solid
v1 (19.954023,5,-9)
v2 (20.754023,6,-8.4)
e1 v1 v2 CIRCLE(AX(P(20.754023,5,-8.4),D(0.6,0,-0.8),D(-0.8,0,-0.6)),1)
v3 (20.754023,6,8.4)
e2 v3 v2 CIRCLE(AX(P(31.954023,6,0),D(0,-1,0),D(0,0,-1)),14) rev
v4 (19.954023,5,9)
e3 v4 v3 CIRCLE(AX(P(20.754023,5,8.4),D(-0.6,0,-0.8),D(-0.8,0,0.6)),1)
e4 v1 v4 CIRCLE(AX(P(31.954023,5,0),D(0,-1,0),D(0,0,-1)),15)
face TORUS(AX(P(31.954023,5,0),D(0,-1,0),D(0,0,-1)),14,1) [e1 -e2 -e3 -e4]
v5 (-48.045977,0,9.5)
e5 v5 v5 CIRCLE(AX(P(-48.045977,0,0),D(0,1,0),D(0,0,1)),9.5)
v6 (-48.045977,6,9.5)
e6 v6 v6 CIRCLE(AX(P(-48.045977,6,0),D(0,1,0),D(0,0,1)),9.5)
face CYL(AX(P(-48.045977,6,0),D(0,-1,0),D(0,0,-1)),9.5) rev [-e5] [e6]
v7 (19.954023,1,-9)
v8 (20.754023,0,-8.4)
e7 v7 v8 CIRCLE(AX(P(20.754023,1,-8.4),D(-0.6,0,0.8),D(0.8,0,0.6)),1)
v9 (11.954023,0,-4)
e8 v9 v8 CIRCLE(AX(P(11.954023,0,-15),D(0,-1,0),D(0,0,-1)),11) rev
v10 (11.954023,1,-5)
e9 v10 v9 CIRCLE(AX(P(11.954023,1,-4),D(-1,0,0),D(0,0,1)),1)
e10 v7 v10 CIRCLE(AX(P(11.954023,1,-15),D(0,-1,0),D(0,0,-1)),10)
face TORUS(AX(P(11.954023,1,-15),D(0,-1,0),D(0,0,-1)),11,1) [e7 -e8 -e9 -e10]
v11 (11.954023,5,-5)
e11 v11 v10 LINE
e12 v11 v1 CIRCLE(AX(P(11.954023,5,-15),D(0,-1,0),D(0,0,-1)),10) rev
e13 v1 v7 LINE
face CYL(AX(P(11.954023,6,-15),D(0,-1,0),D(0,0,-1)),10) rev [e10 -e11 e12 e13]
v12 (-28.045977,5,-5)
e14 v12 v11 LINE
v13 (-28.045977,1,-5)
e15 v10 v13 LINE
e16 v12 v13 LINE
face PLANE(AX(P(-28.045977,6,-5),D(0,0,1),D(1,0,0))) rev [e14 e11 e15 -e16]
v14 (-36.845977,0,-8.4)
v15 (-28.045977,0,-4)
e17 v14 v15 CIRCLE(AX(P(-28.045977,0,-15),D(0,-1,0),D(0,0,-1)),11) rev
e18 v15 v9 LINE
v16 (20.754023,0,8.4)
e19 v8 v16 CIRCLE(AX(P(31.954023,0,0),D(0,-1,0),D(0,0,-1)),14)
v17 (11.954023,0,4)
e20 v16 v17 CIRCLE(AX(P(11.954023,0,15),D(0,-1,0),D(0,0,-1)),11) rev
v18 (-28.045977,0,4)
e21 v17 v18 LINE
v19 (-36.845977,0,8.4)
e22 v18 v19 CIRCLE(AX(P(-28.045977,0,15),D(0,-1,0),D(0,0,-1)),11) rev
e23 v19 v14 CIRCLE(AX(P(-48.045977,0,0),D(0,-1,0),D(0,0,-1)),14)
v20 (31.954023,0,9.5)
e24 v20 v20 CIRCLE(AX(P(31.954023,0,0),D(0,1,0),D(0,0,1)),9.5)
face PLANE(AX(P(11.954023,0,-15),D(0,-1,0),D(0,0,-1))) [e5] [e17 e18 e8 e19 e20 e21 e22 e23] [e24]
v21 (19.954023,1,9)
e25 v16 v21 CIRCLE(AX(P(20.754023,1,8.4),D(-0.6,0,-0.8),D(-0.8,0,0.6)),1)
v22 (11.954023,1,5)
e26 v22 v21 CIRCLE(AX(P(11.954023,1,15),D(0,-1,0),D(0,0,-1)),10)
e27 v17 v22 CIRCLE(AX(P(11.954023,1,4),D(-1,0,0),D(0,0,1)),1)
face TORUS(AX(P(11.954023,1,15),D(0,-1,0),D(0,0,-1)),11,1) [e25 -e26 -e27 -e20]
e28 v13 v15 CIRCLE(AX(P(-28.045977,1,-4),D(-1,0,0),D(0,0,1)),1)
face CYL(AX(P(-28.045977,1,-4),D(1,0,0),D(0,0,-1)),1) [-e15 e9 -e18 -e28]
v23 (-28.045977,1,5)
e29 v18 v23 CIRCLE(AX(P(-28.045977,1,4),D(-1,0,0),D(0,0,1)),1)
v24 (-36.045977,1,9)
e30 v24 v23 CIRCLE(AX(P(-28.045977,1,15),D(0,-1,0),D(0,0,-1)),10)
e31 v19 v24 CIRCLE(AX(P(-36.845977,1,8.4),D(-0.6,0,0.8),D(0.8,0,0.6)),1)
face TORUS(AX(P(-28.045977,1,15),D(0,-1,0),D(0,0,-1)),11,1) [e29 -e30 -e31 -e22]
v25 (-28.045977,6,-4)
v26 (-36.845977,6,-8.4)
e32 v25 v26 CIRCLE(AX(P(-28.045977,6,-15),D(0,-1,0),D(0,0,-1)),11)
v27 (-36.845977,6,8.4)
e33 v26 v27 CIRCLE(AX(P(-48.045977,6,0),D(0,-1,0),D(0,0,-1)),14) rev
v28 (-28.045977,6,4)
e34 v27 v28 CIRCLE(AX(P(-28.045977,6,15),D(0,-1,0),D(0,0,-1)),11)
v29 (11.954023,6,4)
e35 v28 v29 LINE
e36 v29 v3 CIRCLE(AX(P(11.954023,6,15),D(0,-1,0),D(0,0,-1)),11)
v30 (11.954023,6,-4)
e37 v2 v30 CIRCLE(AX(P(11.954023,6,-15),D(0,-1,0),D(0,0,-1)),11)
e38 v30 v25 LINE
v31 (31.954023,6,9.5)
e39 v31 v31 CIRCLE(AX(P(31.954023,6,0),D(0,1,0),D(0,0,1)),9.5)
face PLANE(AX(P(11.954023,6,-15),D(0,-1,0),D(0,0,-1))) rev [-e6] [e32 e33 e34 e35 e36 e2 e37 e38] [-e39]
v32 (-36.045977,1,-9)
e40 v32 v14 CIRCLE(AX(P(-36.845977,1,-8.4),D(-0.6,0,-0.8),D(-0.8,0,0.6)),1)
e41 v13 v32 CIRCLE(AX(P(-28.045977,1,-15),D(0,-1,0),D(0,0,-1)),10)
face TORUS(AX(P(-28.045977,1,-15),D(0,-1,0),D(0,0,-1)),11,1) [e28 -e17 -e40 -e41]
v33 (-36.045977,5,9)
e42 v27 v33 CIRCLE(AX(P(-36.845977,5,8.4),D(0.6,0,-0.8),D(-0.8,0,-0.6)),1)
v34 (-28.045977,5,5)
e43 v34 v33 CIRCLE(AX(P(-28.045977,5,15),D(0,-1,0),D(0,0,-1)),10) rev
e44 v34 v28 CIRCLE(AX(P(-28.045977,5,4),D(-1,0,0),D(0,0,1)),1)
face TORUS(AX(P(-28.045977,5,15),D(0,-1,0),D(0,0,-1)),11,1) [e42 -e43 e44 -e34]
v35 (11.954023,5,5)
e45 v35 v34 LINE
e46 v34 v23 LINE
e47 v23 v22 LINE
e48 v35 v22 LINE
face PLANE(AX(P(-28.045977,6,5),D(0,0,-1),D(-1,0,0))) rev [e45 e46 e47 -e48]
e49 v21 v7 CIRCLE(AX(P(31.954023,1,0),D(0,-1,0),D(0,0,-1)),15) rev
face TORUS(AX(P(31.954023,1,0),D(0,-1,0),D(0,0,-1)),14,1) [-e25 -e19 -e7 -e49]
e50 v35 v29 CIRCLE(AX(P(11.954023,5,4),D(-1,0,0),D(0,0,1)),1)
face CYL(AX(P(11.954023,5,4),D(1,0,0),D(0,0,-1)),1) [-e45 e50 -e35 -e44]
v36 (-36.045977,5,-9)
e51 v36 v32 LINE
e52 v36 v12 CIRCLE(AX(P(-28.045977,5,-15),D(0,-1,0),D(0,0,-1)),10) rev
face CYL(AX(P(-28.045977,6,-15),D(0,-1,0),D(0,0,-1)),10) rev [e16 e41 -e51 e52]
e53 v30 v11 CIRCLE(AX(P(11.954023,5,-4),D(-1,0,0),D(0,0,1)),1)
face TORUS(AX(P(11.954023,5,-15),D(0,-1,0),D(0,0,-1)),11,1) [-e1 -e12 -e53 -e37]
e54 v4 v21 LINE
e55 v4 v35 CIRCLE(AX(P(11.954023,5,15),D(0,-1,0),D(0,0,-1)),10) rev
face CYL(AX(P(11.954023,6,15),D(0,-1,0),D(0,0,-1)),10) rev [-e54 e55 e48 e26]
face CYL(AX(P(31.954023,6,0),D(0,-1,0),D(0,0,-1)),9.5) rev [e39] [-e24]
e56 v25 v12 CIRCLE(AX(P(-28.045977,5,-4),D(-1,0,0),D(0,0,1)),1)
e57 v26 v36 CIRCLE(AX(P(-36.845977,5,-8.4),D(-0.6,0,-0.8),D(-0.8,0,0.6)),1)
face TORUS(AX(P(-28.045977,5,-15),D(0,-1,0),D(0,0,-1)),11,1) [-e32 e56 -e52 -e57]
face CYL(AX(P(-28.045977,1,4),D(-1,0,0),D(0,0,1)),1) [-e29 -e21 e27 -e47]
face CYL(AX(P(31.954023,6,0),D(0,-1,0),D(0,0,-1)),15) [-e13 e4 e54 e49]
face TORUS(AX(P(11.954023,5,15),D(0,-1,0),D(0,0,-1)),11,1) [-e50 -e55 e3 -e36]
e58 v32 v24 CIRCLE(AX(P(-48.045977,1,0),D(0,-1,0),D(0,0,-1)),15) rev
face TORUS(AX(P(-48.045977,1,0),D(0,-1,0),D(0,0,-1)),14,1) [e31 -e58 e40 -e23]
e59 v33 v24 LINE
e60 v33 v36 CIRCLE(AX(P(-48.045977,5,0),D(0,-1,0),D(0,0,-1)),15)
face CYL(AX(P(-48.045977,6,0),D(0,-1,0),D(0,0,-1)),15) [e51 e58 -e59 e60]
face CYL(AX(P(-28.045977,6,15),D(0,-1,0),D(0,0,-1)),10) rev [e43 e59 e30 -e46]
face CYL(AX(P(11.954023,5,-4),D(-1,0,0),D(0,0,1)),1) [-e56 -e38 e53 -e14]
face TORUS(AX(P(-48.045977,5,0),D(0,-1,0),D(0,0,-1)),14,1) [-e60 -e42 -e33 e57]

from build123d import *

# Parameters (mm, degrees)
SKETCH1_R           = 9.5
BOSS_EXTRUDE1_DEPTH = 6
FILLET1_R           = 1


with BuildPart() as part:
    # Sketch1 → Boss-Extrude1 (new body)
    with BuildSketch(Plane(origin=(0, 0, 0), x_dir=(1, 0, 0), z_dir=(0, 1, 0))):
        with BuildLine():
            Line((-28.045977011, 5), (11.954022989, 5))
            ThreePointArc((11.954022989, 5), (16.426158944, 6.05572809), (19.954022989, 9))
            ThreePointArc((19.954022989, 9), (46.954022989, 0), (19.954022989, -9))
            ThreePointArc((19.954022989, -9), (16.426158944, -6.05572809), (11.954022989, -5))
            Line((11.954022989, -5), (-28.045977011, -5))
            ThreePointArc((-28.045977011, -5), (-32.518112966, -6.05572809), (-36.045977011, -9))
            ThreePointArc((-36.045977011, -9), (-63.045977011, 0), (-36.045977011, 9))
            ThreePointArc((-36.045977011, 9), (-32.518112966, 6.05572809), (-28.045977011, 5))
        make_face()
        with Locations(Location((-48.045977011, 0, 0), (0, 0, 270))):
            Circle(SKETCH1_R, mode=Mode.SUBTRACT)
        with Locations(Location((31.954022989, 0, 0), (0, 0, 270))):
            Circle(SKETCH1_R, mode=Mode.SUBTRACT)
    extrude(amount=BOSS_EXTRUDE1_DEPTH)

    # Fillet1
    fillet1_edges = [part.edges().sort_by_distance(p)[0] for p in [
        (-63.045977011, 0, 0),
        (-32.518112966, 0, -6.05572809),
        (-8.045977011, 0, -5),
        (16.426158944, 0, -6.05572809),
        (-32.518112966, 6, -6.05572809),
        (-63.045977011, 6, 0),
        (-32.518112966, 6, 6.05572809),
        (-8.045977011, 6, 5),
        (16.426158944, 6, 6.05572809),
        (46.954022989, 6, 0),
        (16.426158944, 6, -6.05572809),
        (46.954022989, 0, 0),
        (-8.045977011, 6, -5),
        (16.426158944, 0, 6.05572809),
        (-8.045977011, 0, 5),
        (-32.518112966, 0, 6.05572809),
    ]]
    fillet(fillet1_edges, radius=FILLET1_R)


solid = part.part
